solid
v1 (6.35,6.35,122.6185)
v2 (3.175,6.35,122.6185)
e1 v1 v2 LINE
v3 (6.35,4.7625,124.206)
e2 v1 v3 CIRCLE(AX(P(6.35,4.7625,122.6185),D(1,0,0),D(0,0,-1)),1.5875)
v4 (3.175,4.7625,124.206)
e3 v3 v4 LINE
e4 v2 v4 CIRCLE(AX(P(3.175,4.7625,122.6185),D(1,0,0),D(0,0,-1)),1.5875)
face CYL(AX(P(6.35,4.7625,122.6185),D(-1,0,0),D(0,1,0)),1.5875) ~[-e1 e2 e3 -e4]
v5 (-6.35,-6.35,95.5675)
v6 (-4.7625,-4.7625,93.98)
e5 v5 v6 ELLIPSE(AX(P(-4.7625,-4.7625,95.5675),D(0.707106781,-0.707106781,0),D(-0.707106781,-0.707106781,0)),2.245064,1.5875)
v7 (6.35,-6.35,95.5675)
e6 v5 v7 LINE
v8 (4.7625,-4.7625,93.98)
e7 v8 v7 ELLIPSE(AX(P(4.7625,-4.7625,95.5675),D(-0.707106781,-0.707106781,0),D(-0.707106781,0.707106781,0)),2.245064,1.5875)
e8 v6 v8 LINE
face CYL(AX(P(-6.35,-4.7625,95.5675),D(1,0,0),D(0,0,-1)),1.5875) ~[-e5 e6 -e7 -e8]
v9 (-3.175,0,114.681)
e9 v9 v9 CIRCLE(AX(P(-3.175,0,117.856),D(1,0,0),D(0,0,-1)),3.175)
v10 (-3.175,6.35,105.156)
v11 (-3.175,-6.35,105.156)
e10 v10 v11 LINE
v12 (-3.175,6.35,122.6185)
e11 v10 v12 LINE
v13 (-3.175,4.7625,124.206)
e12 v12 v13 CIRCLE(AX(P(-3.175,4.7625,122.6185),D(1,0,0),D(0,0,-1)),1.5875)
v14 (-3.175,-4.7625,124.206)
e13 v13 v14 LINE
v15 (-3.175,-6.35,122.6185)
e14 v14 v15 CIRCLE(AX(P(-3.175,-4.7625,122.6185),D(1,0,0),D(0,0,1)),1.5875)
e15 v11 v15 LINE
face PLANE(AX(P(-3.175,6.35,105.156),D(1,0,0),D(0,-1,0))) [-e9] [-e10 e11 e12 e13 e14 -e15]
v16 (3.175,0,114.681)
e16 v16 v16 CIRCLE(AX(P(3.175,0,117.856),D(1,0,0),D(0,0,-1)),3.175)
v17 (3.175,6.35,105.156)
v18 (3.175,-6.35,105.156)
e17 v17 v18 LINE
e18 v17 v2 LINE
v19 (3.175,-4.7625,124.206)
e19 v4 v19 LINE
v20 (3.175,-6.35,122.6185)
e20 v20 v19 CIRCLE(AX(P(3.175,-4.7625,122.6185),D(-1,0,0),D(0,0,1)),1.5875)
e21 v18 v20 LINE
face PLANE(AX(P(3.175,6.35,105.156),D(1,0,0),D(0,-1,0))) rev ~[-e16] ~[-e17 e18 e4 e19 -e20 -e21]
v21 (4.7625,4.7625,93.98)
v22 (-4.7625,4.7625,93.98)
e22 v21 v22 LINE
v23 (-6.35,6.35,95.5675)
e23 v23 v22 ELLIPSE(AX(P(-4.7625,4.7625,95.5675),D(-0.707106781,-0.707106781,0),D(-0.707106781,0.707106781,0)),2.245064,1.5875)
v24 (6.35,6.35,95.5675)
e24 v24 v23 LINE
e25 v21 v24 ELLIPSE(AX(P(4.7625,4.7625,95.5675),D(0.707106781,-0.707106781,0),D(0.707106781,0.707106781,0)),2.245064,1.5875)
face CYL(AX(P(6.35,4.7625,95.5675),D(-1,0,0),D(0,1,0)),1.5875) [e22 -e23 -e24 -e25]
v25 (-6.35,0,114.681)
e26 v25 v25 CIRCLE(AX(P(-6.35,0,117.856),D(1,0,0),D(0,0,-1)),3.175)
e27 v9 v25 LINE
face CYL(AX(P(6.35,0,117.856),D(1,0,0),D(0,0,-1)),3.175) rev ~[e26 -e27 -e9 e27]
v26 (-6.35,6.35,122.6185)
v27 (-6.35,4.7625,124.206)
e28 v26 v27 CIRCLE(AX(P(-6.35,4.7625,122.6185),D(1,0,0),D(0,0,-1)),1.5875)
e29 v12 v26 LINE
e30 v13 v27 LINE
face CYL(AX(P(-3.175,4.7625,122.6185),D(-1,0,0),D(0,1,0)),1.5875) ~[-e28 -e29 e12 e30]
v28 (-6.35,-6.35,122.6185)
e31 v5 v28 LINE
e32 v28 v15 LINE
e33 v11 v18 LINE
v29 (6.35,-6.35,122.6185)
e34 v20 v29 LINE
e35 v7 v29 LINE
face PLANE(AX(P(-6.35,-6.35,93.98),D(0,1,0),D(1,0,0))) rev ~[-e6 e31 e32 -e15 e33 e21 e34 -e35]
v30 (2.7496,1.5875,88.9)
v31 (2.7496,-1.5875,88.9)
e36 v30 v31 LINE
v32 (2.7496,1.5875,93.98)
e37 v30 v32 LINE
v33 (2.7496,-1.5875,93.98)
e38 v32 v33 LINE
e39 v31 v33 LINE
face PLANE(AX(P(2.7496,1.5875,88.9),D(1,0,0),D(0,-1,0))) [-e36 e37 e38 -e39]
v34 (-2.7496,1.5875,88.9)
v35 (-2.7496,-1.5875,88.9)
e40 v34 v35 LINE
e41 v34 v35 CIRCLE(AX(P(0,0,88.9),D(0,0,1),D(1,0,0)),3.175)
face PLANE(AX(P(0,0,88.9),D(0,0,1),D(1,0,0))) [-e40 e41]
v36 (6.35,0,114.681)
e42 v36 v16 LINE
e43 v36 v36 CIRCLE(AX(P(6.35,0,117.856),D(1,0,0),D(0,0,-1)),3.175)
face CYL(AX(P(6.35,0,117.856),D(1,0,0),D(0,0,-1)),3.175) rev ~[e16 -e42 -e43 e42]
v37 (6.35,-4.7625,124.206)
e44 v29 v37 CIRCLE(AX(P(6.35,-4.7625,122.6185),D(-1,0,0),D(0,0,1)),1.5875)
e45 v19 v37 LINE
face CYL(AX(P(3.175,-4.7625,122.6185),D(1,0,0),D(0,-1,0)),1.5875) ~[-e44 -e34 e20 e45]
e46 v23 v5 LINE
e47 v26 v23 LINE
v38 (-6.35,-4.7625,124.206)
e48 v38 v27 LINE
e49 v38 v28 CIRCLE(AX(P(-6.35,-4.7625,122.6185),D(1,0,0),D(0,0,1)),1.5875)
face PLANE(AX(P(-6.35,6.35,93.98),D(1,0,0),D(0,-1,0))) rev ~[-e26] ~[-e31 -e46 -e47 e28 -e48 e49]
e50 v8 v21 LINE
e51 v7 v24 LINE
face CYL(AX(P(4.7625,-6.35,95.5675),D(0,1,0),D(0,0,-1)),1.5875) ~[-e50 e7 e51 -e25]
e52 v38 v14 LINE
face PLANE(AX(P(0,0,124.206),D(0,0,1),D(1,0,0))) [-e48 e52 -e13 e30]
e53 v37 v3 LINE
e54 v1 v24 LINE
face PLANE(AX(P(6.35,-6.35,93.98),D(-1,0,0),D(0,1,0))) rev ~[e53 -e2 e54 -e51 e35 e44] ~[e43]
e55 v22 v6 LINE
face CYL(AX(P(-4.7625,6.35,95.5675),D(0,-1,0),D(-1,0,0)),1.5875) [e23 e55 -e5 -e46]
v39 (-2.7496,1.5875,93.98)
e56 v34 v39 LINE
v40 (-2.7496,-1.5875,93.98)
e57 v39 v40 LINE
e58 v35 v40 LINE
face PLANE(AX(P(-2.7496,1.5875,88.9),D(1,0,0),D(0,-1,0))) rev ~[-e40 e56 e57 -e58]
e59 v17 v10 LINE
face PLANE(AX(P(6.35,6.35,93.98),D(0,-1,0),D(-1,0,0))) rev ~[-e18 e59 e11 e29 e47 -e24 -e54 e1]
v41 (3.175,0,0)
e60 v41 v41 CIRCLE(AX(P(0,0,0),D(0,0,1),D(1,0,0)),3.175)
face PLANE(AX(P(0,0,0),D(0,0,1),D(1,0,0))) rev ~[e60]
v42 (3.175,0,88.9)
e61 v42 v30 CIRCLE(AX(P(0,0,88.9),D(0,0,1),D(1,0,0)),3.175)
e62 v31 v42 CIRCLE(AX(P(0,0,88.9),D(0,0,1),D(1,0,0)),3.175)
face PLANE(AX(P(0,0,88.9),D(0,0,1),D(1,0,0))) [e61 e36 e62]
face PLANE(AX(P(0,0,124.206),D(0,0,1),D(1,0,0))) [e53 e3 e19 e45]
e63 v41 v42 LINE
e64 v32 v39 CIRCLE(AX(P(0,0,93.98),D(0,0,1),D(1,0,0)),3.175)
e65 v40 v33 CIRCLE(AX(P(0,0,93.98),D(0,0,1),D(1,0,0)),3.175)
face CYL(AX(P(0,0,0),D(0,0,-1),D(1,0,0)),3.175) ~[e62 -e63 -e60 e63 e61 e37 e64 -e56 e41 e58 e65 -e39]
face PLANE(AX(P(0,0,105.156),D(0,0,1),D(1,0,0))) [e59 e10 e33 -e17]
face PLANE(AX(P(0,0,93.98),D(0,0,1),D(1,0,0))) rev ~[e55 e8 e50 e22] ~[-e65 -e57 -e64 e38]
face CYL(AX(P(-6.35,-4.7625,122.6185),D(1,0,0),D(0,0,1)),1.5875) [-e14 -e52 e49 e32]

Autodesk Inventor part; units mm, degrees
ref_plane "YZ Plane" through (0, 0, 0) normal (1, 0, 0) x (0, 1, 0)
ref_plane "XZ Plane" through (0, 0, 0) normal (0, 1, 0) x (-1, 0, 0)
ref_plane "XY Plane" through (0, 0, 0) normal (0, 0, 1) x (1, 0, 0)
sketch "Sketch1" plane through (0, 0, 0) normal (0, 0, 1) x (1, 0, 0)
  circle A0 centre (0, 0) radius 3.175
  dimension "d0" = 6.35
extrude "Extrusion1" add sketch "Sketch1" along normal blind 88.9
sketch "Sketch2" plane through (0, 0, 88.9) normal (0, 0, 1) x (1, 0, 0)
  circle A0 centre (0, 0) radius 3.175 projected
  arc A1 (2.7496, 1.5875) -> (-2.7496, 1.5875) centre (0, 0) ccw
  arc A2 (-2.7496, -1.5875) -> (2.7496, -1.5875) centre (0, 0) ccw
  line L0 (2.7496, 1.5875) -> (2.7496, -1.5875)
  line L1 (-2.7496, 1.5875) -> (-2.7496, -1.5875)
  line L2 (0, 3.175) -> (0, -3.175) construction
  dimension "d3" = 3.175
extrude "Extrusion2" add sketch "Sketch2" along normal blind 5.08 contours L0 A0 L1
sketch "Sketch3" plane through (0, 0, 93.98) normal (0, 0, 1) x (1, 0, 0)
  line L0 (-6.35, -6.35) -> (6.35, -6.35)
  line L1 (6.35, -6.35) -> (6.35, 6.35)
  line L2 (6.35, 6.35) -> (-6.35, 6.35)
  line L3 (-6.35, 6.35) -> (-6.35, -6.35)
  line L4 (-6.35, -6.35) -> (6.35, 6.35) construction
  line L5 (6.35, -6.35) -> (-6.35, 6.35) construction
  point P0 (0, 0)
  dimension "d6" = 12.7
extrude "Extrusion3" add sketch "Sketch3" along normal blind 11.176
sketch "Sketch4" plane through (0, 0, 105.156) normal (0, 0, 1) x (1, 0, 0)
  line L0 (6.35, 6.35) -> (-6.35, 6.35) projected
  line L1 (-6.35, -6.35) -> (6.35, -6.35) projected
  line L2 (6.35, 6.35) -> (3.175, 6.35)
  line L3 (3.175, 6.35) -> (3.175, -6.35)
  line L4 (3.175, -6.35) -> (6.35, -6.35)
  line L5 (6.35, -6.35) -> (6.35, 6.35)
  line L6 (-6.35, 6.35) -> (-3.175, 6.35)
  line L7 (-3.175, 6.35) -> (-3.175, -6.35)
  line L8 (-3.175, -6.35) -> (-6.35, -6.35)
  line L9 (-6.35, -6.35) -> (-6.35, 6.35)
  line L10 (3.175, 0) -> (-3.175, 0) construction
  point P0 (0, 0)
  point P1 (0, 0)
  dimension "d9" = 6.35
extrude "Extrusion4" add sketch "Sketch4" along normal blind 19.05 contours L5 L1 L3 L0 | L7 L1 L9 L0
sketch "Sketch5" plane through (6.35, -6.35, 93.98) normal (1, 0, 0) x (0, 0, -1)
  line L0 (-30.226, 12.7) -> (-30.226, 0) construction
  line L1 (-30.226, 6.35) -> (-23.876, 6.35) construction
  circle A0 centre (-23.876, 6.35) radius 3.175
  point P0 (93.98, 6.35)
  dimension "d12" = 6.35
  dimension "d13" = 6.35
extrude "Extrusion5" cut sketch "Sketch5" against normal through all
fillet "Fillet1" radius 1.5875 8 edges at (4.7625, 6.35, 124.206) (4.7625, -6.35, 124.206) (-4.7625, -6.35, 124.206) (-4.7625, 6.35, 124.206) (6.35, 0, 93.98) (0, 6.35, 93.98) (-6.35, 0, 93.98) (0, -6.35, 93.98)
properties part number "cylinder piston"
